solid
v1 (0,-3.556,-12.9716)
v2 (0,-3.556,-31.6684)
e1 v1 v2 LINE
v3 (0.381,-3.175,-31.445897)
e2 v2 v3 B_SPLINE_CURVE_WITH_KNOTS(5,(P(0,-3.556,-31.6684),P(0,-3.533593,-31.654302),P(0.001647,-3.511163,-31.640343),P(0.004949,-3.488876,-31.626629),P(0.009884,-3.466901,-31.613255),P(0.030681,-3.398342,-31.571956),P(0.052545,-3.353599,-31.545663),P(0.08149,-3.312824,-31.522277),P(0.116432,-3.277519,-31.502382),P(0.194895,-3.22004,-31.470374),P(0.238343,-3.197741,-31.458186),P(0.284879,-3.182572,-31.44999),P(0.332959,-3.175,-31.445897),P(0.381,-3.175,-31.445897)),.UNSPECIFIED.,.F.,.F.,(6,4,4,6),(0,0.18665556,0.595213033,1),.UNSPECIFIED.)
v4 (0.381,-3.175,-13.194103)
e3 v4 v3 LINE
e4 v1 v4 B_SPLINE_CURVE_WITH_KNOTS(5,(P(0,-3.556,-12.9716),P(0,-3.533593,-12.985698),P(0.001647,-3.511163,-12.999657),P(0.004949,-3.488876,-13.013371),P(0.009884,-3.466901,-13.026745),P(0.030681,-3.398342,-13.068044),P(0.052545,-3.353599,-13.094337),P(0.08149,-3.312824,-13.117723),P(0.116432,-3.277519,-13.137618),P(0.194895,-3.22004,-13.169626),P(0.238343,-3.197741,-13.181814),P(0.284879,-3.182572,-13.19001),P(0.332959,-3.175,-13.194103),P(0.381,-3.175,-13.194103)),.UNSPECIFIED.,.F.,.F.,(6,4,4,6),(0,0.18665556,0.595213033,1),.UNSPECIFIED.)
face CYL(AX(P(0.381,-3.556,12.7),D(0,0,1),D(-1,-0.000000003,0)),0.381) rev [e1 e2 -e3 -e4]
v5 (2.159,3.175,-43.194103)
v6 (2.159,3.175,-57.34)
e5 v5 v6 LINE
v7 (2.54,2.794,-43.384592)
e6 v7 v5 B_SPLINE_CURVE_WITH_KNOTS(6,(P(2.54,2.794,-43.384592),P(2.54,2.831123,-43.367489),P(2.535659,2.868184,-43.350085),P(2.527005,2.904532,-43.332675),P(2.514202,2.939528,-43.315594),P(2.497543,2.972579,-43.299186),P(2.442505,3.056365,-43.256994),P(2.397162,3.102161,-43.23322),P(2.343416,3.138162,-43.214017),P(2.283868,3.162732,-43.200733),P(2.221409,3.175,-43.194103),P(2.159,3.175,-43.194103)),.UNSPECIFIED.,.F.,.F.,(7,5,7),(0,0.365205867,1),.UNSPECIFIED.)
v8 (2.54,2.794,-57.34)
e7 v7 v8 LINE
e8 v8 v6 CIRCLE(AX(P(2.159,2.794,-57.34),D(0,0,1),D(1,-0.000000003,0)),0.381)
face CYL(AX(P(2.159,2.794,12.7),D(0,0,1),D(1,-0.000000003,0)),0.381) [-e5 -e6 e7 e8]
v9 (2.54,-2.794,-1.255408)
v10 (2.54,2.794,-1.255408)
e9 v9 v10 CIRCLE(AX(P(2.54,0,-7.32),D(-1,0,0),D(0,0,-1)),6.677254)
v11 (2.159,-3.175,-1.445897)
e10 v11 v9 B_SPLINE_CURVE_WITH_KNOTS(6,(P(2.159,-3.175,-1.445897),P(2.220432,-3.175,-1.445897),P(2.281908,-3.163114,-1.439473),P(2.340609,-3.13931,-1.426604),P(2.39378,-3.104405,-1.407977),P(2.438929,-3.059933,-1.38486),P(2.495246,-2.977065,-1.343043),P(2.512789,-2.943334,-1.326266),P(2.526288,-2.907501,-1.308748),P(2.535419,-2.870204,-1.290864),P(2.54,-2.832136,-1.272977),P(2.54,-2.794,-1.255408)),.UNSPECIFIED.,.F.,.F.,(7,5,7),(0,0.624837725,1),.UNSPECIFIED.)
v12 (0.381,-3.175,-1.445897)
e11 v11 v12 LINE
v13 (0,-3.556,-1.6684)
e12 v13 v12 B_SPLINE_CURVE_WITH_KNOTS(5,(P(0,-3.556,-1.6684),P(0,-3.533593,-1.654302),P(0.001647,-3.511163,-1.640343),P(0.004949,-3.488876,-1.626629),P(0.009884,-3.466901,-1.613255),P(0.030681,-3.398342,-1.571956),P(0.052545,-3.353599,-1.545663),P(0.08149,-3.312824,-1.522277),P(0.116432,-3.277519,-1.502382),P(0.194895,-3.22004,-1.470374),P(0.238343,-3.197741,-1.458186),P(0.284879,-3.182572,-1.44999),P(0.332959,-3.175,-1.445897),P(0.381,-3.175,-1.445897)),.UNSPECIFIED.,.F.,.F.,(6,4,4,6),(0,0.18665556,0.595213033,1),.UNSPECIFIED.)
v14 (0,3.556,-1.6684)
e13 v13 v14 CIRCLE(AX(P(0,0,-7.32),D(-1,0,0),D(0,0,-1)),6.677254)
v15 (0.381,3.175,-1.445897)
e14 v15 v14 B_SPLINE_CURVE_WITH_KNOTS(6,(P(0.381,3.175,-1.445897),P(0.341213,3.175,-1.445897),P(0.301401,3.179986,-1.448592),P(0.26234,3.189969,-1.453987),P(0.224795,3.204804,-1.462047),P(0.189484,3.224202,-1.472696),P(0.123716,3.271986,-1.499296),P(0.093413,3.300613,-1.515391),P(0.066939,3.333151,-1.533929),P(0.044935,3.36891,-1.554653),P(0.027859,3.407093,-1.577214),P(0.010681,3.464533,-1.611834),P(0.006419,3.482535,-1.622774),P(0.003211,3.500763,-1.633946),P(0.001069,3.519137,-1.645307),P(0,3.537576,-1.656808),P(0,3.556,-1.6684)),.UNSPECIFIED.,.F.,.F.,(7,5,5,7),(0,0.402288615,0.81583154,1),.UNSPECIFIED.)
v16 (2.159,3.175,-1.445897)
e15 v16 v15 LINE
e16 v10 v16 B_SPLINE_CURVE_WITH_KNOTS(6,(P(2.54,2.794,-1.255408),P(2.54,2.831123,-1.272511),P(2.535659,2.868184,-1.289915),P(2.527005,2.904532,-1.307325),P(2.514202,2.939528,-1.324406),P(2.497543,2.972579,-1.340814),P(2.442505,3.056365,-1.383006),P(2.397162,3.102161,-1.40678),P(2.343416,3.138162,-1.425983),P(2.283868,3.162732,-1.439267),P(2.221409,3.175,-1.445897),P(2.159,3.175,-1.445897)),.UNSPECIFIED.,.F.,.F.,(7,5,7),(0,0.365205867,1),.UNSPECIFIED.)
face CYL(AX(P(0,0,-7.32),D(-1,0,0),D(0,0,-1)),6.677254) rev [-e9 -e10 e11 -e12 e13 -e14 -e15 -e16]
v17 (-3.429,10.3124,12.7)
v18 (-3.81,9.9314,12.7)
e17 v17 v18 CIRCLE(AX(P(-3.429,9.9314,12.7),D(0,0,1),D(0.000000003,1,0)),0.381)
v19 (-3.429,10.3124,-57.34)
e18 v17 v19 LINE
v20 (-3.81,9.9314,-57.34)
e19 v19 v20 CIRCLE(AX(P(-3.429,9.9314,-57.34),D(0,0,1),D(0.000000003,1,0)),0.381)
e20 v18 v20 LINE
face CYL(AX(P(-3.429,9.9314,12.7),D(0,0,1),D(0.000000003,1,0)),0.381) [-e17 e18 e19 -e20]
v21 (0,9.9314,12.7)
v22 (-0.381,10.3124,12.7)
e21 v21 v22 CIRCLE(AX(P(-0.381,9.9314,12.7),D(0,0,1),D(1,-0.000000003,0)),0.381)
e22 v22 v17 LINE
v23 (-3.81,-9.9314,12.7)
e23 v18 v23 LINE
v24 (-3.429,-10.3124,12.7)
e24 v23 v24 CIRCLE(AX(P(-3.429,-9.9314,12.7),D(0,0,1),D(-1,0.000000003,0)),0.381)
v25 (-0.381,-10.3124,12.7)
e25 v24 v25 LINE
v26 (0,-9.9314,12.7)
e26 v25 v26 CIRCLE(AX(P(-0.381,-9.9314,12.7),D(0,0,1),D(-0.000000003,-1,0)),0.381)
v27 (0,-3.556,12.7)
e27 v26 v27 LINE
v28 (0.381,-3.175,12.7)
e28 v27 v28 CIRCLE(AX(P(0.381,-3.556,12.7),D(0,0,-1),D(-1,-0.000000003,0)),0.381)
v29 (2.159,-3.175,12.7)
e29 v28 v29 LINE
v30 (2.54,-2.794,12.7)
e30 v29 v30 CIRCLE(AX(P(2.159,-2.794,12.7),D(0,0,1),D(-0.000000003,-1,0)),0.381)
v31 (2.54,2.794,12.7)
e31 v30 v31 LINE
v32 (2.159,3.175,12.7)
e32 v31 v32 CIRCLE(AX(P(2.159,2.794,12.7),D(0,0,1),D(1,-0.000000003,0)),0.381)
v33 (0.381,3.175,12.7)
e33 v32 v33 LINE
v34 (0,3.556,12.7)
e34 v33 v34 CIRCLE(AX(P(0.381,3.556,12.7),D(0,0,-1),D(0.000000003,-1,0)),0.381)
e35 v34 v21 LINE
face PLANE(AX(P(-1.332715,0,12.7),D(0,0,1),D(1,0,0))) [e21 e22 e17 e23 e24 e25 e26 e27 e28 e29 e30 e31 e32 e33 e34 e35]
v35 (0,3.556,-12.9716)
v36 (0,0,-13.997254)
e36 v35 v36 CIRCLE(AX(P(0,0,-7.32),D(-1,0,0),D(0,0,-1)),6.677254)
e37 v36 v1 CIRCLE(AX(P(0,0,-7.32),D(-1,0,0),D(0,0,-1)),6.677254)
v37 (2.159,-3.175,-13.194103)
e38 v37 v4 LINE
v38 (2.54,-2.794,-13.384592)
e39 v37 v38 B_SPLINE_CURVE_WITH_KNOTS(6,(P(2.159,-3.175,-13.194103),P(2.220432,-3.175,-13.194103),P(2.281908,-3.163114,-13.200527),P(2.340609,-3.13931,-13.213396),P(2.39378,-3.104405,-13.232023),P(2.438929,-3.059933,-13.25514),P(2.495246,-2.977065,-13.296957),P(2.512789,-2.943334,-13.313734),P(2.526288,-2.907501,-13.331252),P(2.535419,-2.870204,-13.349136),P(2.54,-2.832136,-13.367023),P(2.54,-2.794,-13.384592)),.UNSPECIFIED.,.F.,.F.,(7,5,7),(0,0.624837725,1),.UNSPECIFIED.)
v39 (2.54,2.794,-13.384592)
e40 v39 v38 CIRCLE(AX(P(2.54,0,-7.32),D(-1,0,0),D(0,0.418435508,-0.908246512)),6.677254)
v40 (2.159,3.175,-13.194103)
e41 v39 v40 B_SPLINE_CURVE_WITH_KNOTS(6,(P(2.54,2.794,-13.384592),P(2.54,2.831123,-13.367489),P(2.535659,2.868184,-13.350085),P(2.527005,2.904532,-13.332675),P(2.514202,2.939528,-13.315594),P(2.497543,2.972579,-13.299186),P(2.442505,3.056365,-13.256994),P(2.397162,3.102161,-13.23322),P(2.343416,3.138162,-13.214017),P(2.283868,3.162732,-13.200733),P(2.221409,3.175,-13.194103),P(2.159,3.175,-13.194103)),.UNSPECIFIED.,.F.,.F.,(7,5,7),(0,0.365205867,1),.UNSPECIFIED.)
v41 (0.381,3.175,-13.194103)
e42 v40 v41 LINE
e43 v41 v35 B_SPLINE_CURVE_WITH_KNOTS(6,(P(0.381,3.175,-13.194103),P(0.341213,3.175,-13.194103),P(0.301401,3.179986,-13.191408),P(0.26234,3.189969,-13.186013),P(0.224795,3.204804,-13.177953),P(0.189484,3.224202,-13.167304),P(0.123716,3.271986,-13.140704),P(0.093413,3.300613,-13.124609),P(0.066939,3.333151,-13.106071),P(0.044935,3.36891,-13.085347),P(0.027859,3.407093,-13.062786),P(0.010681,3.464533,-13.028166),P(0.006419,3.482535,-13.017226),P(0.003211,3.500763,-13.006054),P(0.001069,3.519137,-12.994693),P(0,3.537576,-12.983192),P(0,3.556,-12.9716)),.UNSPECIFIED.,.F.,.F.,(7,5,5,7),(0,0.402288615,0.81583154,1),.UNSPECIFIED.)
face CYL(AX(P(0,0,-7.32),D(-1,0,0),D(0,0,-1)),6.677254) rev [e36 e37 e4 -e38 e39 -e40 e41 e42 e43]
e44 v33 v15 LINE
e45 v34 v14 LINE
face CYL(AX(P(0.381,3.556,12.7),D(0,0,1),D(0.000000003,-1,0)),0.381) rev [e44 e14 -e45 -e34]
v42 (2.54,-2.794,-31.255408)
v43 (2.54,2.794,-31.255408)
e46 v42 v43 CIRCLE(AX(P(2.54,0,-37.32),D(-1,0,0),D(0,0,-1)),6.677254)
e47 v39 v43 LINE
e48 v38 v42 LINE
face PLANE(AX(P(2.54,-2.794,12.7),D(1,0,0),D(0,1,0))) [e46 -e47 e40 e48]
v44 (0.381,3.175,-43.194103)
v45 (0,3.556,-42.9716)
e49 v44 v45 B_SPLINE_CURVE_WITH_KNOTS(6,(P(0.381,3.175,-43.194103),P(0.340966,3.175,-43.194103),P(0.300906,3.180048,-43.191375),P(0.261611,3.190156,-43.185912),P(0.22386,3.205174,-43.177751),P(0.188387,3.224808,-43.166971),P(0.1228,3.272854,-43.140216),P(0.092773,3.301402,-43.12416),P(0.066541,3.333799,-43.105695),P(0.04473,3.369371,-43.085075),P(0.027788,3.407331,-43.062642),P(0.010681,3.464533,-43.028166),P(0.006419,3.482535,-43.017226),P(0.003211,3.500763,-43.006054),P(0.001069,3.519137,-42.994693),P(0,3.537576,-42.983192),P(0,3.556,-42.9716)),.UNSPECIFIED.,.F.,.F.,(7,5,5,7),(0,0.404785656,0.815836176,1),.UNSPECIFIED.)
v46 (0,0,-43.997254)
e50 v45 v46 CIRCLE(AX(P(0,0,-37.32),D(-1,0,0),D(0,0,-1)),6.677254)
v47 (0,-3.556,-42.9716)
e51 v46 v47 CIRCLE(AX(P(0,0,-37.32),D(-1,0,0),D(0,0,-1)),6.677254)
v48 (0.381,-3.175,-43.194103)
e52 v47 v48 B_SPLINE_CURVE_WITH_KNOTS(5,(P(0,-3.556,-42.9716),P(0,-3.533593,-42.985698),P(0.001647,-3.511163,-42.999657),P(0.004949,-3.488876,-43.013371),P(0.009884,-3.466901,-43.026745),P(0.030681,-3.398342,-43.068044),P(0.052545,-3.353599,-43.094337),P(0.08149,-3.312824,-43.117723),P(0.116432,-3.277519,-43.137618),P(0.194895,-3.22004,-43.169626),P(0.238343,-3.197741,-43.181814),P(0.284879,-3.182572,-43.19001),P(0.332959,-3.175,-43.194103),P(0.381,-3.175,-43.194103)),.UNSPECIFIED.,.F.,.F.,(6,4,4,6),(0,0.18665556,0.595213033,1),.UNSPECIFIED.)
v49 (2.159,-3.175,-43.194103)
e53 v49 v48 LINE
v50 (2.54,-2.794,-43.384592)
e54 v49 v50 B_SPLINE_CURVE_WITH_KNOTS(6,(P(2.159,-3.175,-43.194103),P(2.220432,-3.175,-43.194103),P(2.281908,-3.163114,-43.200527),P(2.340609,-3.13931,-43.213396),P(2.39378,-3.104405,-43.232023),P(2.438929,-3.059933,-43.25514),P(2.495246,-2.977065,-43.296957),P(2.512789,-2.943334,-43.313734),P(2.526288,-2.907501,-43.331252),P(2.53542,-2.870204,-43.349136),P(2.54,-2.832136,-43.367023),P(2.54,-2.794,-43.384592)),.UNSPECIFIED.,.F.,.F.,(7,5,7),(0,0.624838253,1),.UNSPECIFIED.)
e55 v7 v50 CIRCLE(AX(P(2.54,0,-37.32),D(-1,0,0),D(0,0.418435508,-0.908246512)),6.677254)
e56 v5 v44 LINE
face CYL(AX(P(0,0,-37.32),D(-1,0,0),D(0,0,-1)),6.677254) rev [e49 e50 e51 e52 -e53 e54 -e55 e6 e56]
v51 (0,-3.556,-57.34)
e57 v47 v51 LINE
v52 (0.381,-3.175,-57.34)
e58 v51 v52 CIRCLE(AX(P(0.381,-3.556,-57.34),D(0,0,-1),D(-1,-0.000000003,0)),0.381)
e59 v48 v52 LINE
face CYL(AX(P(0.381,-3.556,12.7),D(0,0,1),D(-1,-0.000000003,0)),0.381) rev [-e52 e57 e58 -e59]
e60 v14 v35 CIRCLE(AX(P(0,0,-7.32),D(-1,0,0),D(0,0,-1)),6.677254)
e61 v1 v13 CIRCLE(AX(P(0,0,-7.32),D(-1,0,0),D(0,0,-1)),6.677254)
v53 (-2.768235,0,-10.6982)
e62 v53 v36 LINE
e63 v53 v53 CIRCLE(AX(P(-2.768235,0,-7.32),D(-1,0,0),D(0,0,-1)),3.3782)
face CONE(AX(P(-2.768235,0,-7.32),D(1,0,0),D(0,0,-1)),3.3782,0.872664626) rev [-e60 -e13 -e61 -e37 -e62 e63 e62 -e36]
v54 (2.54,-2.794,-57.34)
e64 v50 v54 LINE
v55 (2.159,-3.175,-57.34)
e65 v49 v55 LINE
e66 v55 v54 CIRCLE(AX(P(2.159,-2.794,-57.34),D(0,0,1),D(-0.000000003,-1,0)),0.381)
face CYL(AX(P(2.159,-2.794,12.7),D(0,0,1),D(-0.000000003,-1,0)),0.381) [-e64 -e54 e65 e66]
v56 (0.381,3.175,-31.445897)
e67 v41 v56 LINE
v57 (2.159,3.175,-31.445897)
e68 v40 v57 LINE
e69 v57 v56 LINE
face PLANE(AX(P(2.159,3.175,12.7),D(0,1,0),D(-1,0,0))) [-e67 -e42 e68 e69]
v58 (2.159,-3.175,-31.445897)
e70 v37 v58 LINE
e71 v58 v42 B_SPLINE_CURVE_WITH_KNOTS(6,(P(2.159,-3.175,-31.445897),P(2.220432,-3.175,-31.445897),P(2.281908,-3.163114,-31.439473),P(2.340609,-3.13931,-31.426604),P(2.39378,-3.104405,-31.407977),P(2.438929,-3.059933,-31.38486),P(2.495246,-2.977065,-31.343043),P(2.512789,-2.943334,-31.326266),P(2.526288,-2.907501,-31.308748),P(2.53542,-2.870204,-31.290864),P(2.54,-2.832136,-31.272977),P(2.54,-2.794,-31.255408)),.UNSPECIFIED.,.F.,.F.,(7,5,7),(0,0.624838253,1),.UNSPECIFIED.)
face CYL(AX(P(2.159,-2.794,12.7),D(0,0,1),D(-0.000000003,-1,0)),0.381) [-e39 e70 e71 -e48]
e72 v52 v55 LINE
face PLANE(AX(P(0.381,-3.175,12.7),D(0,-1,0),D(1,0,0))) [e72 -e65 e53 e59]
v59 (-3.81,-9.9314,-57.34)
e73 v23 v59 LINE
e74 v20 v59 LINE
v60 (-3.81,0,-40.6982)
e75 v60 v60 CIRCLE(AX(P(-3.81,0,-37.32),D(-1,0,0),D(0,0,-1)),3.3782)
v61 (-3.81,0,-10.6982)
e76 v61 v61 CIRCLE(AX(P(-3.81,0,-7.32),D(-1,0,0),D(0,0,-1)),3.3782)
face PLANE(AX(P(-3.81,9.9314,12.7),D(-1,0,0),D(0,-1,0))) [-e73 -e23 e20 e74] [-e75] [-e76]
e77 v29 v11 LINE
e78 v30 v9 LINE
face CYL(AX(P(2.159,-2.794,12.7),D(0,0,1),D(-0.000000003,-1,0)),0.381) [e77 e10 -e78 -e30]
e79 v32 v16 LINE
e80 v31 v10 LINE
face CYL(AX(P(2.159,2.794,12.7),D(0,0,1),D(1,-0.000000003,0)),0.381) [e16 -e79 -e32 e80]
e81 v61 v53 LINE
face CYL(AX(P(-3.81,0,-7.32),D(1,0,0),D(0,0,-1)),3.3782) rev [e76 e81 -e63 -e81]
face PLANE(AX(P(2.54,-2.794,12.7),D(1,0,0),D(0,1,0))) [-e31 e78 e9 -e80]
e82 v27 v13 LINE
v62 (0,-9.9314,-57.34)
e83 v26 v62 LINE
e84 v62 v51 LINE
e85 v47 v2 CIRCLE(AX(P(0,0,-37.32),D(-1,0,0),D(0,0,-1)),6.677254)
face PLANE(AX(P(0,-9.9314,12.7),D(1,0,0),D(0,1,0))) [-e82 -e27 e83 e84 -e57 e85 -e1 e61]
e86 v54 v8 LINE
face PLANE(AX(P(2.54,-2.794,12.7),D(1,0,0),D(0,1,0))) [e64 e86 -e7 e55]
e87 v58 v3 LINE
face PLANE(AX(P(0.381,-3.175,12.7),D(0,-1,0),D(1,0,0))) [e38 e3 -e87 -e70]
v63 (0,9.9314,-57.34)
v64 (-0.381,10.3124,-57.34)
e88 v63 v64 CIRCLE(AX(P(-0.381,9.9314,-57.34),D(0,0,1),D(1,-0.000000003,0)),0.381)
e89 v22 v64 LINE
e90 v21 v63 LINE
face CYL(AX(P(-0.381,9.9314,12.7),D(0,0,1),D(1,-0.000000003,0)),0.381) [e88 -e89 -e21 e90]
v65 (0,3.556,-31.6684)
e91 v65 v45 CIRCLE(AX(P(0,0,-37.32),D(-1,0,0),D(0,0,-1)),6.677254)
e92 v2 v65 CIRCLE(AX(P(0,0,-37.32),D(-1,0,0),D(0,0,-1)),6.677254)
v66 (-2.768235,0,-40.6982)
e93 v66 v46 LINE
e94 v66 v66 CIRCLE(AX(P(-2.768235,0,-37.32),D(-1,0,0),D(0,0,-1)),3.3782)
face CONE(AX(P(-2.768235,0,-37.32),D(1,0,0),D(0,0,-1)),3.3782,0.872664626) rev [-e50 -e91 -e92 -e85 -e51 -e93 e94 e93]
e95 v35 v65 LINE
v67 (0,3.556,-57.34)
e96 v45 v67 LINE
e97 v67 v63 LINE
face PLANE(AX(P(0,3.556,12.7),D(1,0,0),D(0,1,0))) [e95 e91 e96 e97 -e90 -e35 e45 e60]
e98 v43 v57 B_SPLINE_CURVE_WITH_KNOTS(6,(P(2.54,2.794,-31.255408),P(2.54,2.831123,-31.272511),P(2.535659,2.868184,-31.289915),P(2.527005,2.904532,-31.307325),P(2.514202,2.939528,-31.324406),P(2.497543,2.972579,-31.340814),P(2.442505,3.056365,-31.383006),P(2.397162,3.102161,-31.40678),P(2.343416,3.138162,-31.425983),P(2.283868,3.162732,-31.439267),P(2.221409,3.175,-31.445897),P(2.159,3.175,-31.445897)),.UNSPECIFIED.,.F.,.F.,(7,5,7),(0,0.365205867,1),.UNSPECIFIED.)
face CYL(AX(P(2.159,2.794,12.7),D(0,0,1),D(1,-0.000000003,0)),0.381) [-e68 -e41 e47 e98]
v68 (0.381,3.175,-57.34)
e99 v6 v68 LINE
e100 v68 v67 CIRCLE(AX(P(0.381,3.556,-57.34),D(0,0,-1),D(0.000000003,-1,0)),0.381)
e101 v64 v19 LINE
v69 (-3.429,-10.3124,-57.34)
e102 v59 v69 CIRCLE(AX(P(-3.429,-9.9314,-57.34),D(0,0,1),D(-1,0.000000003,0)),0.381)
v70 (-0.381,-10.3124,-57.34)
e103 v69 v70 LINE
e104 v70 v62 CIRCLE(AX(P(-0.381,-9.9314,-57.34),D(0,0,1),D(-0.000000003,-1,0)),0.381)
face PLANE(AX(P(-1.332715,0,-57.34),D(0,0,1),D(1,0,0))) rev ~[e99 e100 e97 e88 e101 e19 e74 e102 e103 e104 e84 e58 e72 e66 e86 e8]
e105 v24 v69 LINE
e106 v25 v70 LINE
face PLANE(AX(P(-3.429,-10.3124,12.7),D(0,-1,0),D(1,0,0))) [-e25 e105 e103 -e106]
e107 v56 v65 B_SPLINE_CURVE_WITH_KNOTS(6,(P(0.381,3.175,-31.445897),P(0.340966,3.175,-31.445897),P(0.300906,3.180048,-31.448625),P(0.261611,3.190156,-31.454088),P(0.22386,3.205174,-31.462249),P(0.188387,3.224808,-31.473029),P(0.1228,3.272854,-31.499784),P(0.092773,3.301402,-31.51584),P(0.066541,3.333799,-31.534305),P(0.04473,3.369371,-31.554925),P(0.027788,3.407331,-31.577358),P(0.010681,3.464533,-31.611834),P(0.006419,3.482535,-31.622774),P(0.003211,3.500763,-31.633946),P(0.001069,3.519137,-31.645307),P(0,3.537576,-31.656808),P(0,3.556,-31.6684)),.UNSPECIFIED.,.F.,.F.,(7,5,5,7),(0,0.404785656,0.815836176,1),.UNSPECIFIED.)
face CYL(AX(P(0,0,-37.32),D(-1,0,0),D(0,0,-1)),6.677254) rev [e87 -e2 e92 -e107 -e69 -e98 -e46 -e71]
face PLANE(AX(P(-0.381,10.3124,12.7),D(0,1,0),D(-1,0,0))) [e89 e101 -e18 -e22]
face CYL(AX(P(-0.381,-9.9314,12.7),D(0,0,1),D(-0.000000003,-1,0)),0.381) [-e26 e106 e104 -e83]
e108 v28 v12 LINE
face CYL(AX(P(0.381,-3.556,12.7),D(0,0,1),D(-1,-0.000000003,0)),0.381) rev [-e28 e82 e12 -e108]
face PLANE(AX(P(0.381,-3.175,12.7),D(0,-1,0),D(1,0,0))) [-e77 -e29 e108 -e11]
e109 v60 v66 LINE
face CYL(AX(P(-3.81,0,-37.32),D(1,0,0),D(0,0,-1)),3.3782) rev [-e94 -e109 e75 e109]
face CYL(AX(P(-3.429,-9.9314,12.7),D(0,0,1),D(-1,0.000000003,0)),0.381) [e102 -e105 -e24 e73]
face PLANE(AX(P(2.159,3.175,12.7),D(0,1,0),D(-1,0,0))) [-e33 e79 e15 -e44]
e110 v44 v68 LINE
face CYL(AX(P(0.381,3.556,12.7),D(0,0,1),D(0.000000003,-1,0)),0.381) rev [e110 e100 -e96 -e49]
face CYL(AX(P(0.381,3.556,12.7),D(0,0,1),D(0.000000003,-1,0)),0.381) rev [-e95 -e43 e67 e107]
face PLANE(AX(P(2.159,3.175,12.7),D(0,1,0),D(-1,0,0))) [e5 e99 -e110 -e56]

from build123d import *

# Parameters (mm, degrees)
BOSS_EXTRUDE1_DEPTH                         = 70.04
CSK_FOR_1_4_FLAT_HEAD_MACHINE_SCREW_2_COUNT = 2
CSK_FOR_1_4_FLAT_HEAD_MACHINE_SCREW_2_PITCH = 30
CUT_EXTRUDE2_REACH                          = 4.54
SKETCH8_R                                   = 6.6772536


with BuildPart() as part:
    # Sketch1 → Boss-Extrude1 (new body)
    with BuildSketch(Plane.XY.offset(12.7)):
        with BuildLine():
            Line((-3.81, 9.9314), (-3.81, -9.9314))
            ThreePointArc((-3.81, -9.9314), (-3.698407684, -10.200807684), (-3.429, -10.3124))
            Line((-3.429, -10.3124), (-0.381, -10.3124))
            ThreePointArc((-0.381, -10.3124), (-0.111592316, -10.200807684), (0, -9.9314))
            Line((0, -9.9314), (0, -3.556))
            ThreePointArc((0, -3.556), (0.111592316, -3.286592316), (0.381, -3.175))
            Line((0.381, -3.175), (2.159, -3.175))
            ThreePointArc((2.159, -3.175), (2.428407684, -3.063407684), (2.54, -2.794))
            Line((2.54, -2.794), (2.54, 2.794))
            ThreePointArc((2.54, 2.794), (2.428407684, 3.063407684), (2.159, 3.175))
            Line((2.159, 3.175), (0.381, 3.175))
            ThreePointArc((0.381, 3.175), (0.111592316, 3.286592316), (0, 3.556))
            Line((0, 3.556), (0, 9.9314))
            ThreePointArc((0, 9.9314), (-0.111592316, 10.200807684), (-0.381, 10.3124))
            Line((-0.381, 10.3124), (-3.429, 10.3124))
            ThreePointArc((-3.429, 10.3124), (-3.698407684, 10.200807684), (-3.81, 9.9314))
        make_face()
    extrude(amount=-BOSS_EXTRUDE1_DEPTH)

    # Sketch7 → CSK for 1/4 Flat Head Machine Screw (100)1 (revolve, cut)
    with BuildSketch(Plane(origin=(0, 0, -37.32), x_dir=(0, 0, -1), z_dir=(0, 1, 0))):
        Polygon((0, 0), (0, 3.81), (3.3782, 3.81), (3.3782, 2.768234659), (6.6772536, 0), align=None)
    csk_for_1_4_flat_head_machine_screw_100 = revolve(axis=Axis((6.35, 0, -37.32), (-1, 0, 0)), mode=Mode.SUBTRACT)

    # CSK for 1_4 Flat Head Machine Screw  2: CSK for 1/4 Flat Head Machine Screw (100)1 ×2
    with Locations(*[(0, 0, i * CSK_FOR_1_4_FLAT_HEAD_MACHINE_SCREW_2_PITCH) for i in range(1, CSK_FOR_1_4_FLAT_HEAD_MACHINE_SCREW_2_COUNT)]):
        add(csk_for_1_4_flat_head_machine_screw_100, mode=Mode.SUBTRACT)

    # Sketch8 → Cut-Extrude2 (cut, up to next)
    with BuildSketch(Plane(origin=(0, 0, 0), x_dir=(0, 0, -1), z_dir=(1, 0, 0)), mode=Mode.PRIVATE) as cut_extrude2_sk1:
        with Locations((7.32, 0)):
            Circle(SKETCH8_R)
    cut_extrude2_tool1 = extrude(cut_extrude2_sk1.sketch, amount=CUT_EXTRUDE2_REACH, mode=Mode.PRIVATE) & part.part
    add(cut_extrude2_tool1.solids().sort_by_distance((0, 0, -7.32))[0], mode=Mode.SUBTRACT)
    # Sketch8 → Cut-Extrude2 (cut, up to next)
    with BuildSketch(Plane(origin=(0, 0, 0), x_dir=(0, 0, -1), z_dir=(1, 0, 0)), mode=Mode.PRIVATE) as cut_extrude2_sk2:
        with Locations((37.32, 0)):
            Circle(SKETCH8_R)
    cut_extrude2_tool2 = extrude(cut_extrude2_sk2.sketch, amount=CUT_EXTRUDE2_REACH, mode=Mode.PRIVATE) & part.part
    add(cut_extrude2_tool2.solids().sort_by_distance((0, 0, -37.32))[0], mode=Mode.SUBTRACT)


solid = part.part
